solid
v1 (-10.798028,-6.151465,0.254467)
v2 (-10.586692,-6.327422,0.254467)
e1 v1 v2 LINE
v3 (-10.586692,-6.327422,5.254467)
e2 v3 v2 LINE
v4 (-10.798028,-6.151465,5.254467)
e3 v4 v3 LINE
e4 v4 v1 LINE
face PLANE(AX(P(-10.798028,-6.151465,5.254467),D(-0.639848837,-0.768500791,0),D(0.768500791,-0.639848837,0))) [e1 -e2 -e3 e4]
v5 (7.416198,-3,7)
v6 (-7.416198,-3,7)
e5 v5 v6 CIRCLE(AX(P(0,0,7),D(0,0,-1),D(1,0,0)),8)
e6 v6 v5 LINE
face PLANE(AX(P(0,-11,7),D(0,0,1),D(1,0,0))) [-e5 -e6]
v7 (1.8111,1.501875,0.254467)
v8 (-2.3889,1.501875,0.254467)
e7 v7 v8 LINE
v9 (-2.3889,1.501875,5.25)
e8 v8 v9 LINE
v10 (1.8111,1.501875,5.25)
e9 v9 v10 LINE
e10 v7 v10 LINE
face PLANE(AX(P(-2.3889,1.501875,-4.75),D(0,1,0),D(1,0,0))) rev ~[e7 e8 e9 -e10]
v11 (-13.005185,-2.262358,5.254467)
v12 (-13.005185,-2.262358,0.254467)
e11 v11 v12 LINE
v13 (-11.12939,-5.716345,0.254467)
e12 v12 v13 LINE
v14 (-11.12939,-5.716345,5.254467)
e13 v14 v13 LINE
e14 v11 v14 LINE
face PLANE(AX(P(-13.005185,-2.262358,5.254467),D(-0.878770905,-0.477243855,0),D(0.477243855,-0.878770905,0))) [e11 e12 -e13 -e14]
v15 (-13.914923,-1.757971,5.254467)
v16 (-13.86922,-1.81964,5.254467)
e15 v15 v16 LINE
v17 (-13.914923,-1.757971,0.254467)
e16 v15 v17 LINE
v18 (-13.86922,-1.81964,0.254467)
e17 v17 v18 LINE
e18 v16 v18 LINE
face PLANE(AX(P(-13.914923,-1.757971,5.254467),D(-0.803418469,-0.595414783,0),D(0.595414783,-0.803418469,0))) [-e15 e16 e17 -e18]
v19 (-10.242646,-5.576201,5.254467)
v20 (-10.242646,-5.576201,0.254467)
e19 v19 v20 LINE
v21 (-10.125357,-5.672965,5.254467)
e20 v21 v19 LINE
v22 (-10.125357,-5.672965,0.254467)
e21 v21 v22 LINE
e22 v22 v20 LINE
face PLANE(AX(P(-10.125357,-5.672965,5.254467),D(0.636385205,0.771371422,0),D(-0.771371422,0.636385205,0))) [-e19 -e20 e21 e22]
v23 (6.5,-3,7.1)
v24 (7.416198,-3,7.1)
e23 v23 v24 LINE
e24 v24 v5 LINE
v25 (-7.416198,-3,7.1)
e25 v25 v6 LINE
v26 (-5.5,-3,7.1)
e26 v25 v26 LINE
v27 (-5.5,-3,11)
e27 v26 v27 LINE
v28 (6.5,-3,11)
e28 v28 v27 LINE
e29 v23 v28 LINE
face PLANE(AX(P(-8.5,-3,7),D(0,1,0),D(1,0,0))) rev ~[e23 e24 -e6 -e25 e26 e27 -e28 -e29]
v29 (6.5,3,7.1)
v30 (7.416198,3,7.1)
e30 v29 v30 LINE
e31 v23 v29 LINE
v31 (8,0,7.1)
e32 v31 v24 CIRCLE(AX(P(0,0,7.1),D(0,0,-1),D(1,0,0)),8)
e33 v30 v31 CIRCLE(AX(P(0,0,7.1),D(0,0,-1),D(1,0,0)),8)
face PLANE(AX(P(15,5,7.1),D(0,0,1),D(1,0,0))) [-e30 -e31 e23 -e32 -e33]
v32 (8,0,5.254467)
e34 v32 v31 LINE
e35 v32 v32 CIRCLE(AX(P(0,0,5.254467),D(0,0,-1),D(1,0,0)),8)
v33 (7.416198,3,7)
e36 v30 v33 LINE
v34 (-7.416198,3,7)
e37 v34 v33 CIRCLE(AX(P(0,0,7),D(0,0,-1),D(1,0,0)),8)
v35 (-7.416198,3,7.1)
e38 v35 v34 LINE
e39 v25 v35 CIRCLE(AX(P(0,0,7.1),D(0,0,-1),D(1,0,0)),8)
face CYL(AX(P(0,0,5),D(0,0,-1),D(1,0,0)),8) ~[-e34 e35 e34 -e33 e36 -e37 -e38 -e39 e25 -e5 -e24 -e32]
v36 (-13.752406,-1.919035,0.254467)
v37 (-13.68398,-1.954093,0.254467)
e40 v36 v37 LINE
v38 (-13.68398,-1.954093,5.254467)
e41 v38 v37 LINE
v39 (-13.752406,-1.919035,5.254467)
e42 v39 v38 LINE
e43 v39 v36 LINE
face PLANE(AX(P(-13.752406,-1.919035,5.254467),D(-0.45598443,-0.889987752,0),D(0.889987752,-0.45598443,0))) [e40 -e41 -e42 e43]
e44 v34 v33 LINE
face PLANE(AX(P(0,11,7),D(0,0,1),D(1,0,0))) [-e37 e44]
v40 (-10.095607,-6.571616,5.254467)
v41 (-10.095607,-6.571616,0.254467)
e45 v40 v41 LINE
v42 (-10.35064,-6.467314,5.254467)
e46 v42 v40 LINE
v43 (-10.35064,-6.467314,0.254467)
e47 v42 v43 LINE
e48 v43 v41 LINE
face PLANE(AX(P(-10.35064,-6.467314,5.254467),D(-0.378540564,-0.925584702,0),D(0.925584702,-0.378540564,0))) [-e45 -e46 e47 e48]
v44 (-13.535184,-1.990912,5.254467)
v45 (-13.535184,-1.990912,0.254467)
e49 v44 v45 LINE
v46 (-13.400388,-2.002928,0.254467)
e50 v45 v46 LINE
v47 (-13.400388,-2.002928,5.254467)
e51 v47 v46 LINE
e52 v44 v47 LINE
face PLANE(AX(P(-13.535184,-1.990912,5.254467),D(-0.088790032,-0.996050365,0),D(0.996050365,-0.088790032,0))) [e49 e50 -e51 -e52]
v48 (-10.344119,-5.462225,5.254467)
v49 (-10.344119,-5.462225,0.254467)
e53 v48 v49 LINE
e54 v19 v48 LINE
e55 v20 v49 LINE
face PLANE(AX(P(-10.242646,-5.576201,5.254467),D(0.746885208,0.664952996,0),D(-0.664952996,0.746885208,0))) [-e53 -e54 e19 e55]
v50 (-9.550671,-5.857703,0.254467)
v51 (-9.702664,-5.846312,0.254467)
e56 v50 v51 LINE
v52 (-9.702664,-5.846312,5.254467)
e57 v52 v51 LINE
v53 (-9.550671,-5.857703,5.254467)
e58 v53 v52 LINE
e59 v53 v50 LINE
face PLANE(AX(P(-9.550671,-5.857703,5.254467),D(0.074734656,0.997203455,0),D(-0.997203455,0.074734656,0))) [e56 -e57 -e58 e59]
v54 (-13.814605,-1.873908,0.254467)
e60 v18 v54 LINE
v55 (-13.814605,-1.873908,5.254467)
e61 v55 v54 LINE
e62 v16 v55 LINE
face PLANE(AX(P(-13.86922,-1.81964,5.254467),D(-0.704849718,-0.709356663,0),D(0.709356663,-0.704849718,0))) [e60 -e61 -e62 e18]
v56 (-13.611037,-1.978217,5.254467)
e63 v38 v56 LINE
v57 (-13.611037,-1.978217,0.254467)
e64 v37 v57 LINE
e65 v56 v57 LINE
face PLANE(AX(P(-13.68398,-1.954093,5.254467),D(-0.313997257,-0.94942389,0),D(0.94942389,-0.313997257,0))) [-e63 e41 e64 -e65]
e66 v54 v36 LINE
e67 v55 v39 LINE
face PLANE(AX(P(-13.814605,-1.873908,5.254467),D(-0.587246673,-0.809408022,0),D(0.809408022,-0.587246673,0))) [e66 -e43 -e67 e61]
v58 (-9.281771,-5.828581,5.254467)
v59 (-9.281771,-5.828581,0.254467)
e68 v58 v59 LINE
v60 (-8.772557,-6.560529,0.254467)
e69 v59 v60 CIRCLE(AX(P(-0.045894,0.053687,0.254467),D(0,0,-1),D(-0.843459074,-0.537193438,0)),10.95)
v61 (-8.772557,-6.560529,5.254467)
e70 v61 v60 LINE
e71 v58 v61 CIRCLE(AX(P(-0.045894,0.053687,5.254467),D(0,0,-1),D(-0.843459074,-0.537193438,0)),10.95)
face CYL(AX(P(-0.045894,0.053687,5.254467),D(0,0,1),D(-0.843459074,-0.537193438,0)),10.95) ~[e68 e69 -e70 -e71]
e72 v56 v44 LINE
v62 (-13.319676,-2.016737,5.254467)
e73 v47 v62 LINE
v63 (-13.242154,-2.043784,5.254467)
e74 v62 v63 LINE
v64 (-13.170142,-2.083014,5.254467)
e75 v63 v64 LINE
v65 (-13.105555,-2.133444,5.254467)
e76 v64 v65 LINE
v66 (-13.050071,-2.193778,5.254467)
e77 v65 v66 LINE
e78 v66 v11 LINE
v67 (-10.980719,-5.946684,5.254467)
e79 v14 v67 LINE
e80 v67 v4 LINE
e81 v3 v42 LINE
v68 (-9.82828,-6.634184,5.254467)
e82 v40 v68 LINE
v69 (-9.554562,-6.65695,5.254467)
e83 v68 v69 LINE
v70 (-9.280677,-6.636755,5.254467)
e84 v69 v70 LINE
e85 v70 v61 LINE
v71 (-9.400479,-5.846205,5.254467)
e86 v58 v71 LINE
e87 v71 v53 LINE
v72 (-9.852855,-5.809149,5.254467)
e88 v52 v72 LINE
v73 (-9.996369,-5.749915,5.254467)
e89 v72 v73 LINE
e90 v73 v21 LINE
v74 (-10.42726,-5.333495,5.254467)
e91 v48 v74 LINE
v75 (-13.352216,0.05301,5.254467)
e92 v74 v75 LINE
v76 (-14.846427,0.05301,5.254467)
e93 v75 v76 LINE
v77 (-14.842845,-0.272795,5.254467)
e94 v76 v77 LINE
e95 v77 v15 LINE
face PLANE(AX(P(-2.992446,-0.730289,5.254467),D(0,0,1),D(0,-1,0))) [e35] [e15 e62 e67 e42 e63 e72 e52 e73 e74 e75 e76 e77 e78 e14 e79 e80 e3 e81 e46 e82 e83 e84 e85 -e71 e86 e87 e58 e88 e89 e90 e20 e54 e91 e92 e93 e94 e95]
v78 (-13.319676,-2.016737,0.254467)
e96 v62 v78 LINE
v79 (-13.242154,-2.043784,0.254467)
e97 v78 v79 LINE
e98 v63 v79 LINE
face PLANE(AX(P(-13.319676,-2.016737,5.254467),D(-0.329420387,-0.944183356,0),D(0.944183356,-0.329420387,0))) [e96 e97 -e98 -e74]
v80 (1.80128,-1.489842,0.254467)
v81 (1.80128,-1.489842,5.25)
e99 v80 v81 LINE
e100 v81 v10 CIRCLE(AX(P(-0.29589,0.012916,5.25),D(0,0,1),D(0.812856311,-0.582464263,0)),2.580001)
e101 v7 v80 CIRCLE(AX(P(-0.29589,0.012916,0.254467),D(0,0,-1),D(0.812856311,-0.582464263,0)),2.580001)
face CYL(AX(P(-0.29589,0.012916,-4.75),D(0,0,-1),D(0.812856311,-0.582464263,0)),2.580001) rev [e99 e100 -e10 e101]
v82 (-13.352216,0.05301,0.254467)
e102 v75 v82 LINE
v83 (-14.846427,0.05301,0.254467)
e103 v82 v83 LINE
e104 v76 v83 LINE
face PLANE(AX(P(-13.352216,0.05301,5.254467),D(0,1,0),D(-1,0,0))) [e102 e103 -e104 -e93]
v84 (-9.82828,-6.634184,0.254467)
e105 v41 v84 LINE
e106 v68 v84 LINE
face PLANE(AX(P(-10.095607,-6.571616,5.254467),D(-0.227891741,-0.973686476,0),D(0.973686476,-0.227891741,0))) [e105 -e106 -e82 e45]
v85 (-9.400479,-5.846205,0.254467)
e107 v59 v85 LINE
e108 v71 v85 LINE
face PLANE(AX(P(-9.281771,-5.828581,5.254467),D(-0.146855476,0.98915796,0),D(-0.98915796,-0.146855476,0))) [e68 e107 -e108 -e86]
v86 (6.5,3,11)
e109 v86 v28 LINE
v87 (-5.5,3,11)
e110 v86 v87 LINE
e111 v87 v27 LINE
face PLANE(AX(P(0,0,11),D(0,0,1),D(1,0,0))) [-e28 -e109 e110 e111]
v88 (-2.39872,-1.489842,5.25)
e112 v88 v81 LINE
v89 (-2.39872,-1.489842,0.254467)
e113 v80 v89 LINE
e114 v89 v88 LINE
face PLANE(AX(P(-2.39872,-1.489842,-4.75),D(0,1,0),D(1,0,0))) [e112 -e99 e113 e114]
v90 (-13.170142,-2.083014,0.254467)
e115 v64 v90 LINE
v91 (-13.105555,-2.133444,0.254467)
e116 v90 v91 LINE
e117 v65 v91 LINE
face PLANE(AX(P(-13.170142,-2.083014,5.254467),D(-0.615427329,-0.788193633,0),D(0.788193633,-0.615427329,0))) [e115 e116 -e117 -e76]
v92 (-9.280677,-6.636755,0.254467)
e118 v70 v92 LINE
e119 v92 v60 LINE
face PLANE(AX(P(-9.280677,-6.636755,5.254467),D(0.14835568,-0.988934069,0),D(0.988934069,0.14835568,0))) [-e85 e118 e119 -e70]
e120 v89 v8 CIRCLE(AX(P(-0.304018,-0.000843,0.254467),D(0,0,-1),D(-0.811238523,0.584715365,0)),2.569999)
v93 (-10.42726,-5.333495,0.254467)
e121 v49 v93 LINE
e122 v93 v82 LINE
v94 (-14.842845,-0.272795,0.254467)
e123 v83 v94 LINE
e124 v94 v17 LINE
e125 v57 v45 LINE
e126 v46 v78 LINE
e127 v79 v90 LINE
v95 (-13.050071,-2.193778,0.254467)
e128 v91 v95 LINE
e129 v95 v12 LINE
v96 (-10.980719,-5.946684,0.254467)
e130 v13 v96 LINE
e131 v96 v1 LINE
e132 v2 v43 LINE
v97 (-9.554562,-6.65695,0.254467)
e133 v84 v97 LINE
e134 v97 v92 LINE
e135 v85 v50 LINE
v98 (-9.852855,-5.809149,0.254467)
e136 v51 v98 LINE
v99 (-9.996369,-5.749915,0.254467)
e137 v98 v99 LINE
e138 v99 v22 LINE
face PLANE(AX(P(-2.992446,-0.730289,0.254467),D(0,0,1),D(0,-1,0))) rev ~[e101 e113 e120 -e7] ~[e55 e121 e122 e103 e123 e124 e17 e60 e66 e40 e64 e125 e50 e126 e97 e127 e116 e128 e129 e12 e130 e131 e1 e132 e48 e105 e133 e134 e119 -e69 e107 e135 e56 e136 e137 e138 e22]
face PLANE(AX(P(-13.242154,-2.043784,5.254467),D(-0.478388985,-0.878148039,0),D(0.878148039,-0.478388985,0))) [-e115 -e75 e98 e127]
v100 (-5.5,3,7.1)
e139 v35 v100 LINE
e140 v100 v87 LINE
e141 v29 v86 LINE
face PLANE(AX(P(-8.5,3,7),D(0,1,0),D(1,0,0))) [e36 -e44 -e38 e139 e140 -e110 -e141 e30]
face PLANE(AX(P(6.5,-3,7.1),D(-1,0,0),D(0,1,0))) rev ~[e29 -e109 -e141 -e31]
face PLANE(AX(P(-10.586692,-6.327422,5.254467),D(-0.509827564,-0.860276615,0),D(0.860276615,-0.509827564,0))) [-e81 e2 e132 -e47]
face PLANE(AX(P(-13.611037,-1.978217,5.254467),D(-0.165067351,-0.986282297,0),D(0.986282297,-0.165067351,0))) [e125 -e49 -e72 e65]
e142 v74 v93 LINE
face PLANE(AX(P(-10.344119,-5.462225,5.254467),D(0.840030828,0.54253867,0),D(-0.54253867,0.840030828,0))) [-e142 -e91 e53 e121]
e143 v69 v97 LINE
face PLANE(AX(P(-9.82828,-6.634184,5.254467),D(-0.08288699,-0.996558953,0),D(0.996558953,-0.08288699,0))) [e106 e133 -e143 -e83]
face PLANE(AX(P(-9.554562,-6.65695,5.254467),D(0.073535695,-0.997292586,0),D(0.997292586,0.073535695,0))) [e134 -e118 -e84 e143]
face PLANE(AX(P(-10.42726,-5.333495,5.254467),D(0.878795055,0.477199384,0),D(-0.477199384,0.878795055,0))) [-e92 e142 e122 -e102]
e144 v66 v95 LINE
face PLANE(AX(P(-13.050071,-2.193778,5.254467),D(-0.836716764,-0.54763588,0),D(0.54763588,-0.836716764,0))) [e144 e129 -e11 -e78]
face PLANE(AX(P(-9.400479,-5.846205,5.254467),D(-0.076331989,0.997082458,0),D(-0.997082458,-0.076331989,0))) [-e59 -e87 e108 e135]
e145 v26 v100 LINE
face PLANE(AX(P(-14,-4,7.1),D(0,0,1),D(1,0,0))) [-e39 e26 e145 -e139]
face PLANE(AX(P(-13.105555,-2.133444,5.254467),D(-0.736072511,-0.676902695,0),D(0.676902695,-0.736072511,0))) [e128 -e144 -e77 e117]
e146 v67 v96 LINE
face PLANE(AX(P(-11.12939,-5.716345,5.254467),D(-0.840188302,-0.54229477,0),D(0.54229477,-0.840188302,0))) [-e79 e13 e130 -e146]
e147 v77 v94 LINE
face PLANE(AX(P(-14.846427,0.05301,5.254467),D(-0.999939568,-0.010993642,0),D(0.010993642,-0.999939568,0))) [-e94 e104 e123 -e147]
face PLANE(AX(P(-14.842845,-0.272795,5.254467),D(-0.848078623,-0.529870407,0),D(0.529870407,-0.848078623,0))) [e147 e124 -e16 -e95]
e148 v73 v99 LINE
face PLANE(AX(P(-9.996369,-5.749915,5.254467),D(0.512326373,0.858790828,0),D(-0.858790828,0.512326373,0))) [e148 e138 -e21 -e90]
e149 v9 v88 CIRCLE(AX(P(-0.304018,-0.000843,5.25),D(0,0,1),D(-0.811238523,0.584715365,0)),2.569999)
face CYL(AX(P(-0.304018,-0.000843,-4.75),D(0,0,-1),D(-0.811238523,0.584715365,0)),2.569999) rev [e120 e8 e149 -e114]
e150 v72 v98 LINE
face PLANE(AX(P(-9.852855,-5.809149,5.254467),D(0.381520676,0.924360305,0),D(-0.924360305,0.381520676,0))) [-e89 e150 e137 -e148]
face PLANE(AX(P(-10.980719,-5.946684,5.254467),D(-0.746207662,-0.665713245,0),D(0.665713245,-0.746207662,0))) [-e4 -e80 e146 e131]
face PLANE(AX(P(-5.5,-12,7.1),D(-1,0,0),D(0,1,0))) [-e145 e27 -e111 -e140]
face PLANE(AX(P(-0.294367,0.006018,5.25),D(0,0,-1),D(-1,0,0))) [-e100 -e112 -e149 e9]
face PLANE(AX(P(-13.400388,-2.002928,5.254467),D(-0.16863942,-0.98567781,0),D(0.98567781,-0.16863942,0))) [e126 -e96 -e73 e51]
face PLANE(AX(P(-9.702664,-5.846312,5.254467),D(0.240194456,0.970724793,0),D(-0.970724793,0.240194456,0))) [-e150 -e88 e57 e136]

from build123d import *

# Parameters (mm, degrees)
EXTRUDE001_DEPTH        = 10
BOX004_W                = 17
BOX004_H                = 16
BOX004_DEPTH            = 25
BOX005_W                = 17
BOX005_H                = 16
BOX005_DEPTH            = 25
BOX006_W                = 17
BOX006_H                = 16
BOX006_DEPTH            = 25
BOX003_W                = 17
BOX003_H                = 16
BOX003_DEPTH            = 25
CYLINDER006_R           = 8
CYLINDER006_DEPTH       = 6
EXTRUDE_DEPTH           = 5
EXTRUDE_PLACEMENT_ANGLE = 90


with BuildPart() as stepper_axis:
    # Sketch003 (on Face140 of Part__Feature) → Extrude001 (new body)
    with BuildSketch(Plane(origin=(-0.300362, -8.01257, -12.75), x_dir=(1, 0, 0), z_dir=(0, 0, 1))):
        with BuildLine():
            Line((-2.088538, 9.514445), (2.111462, 9.514445))
            ThreePointArc((2.101642, 6.522728), (2.584459, 8.017018), (2.111462, 9.514445))
            Line((-2.098358, 6.522728), (2.101642, 6.522728))
            ThreePointArc((-2.088538, 9.514445), (-2.573641, 8.020163), (-2.098358, 6.522728))
        make_face()
    extrude(amount=EXTRUDE001_DEPTH)


with BuildPart() as stepper_axis_1:
    # Extrude001 placement: moved
    add(stepper_axis.part.moved(Location((0, 0, 3))))


with BuildPart() as cube004:
    # Box004 → Box004 (new body)
    with BuildSketch(Plane(origin=(-8.5, -19, 2), x_dir=(1, 0, 0), z_dir=(0, 0, 1))):
        with Locations((8.5, 8)):
            Rectangle(BOX004_W, BOX004_H)
    extrude(amount=BOX004_DEPTH)


with BuildPart() as cube005:
    # Box005 → Box005 (new body)
    with BuildSketch(Plane(origin=(6.5, -3, 2.1), x_dir=(1, 0, 0), z_dir=(0, 0, 1))):
        with Locations((8.5, 8)):
            Rectangle(BOX005_W, BOX005_H)
    extrude(amount=BOX005_DEPTH)


with BuildPart() as cube006:
    # Box006 → Box006 (new body)
    with BuildSketch(Plane(origin=(-22.5, -12, 2.1), x_dir=(1, 0, 0), z_dir=(0, 0, 1))):
        with Locations((8.5, 8)):
            Rectangle(BOX006_W, BOX006_H)
    extrude(amount=BOX006_DEPTH)


with BuildPart() as fusion001:
    # Box003 → Box003 (new body)
    with BuildSketch(Plane(origin=(-8.5, 3, 2), x_dir=(1, 0, 0), z_dir=(0, 0, 1))):
        with Locations((8.5, 8)):
            Rectangle(BOX003_W, BOX003_H)
    extrude(amount=BOX003_DEPTH)

    # Fusion001: union Cube004, Cube005, Cube006
    add(cube004.part)
    add(cube005.part)
    add(cube006.part)


with BuildPart() as cut004:
    # Cylinder006 → Cylinder006 (new body)
    with BuildSketch(Plane.XY):
        Circle(CYLINDER006_R)
    extrude(amount=CYLINDER006_DEPTH)

    # Cut004: cut Fusion001
    add(fusion001.part, mode=Mode.SUBTRACT)


with BuildPart() as clutch_fit:
    # Sketch → Extrude (new body)
    with BuildSketch(Plane.YZ):
        with BuildLine():
            Line((76.233353, -16.168262), (76.215729, -16.28697))
            Line((76.215729, -16.28697), (76.204231, -16.437162))
            Line((76.204231, -16.437162), (76.215622, -16.589155))
            Line((76.215622, -16.589155), (76.252785, -16.739346))
            Line((76.252785, -16.739346), (76.312019, -16.88286))
            Line((76.312019, -16.88286), (76.388969, -17.011848))
            Line((76.388969, -17.011848), (76.485733, -17.129137))
            Line((76.485733, -17.129137), (76.599709, -17.23061))
            Line((76.599709, -17.23061), (76.728439, -17.313751))
            Line((76.728439, -17.313751), (82.114944, -20.238707))
            Line((82.114944, -20.238707), (82.114944, -21.732918))
            Line((82.114944, -21.732918), (81.789139, -21.729336))
            Line((81.789139, -21.729336), (80.303963, -20.801414))
            Line((80.303963, -20.801414), (80.242294, -20.755711))
            Line((80.242294, -20.755711), (80.188026, -20.701096))
            Line((80.188026, -20.701096), (80.142899, -20.638897))
            Line((80.142899, -20.638897), (80.107841, -20.570471))
            Line((80.107841, -20.570471), (80.083717, -20.497528))
            Line((80.083717, -20.497528), (80.071022, -20.421675))
            Line((80.071022, -20.421675), (80.059006, -20.286879))
            Line((80.059006, -20.286879), (80.045197, -20.206167))
            Line((80.045197, -20.206167), (80.01815, -20.128645))
            Line((80.01815, -20.128645), (79.97892, -20.056633))
            Line((79.97892, -20.056633), (79.92849, -19.992046))
            Line((79.92849, -19.992046), (79.868156, -19.936562))
            Line((79.868156, -19.936562), (79.799576, -19.891676))
            Line((79.799576, -19.891676), (76.345589, -18.015881))
            Line((76.345589, -18.015881), (76.11525, -17.86721))
            Line((76.11525, -17.86721), (75.910469, -17.684519))
            Line((75.910469, -17.684519), (75.734512, -17.473183))
            Line((75.734512, -17.473183), (75.59462, -17.237131))
            Line((75.59462, -17.237131), (75.490318, -16.982098))
            Line((75.490318, -16.982098), (75.42775, -16.714771))
            Line((75.42775, -16.714771), (75.404984, -16.441053))
            Line((75.404984, -16.441053), (75.425179, -16.167168))
            Line((75.425179, -16.167168), (75.501405, -15.659048))
            ThreePointArc((76.233353, -16.168262), (88.369051, 2.056336), (75.501405, -15.659048))
        make_face()
    extrude(amount=EXTRUDE_DEPTH)


with BuildPart() as clutch_fit_1:
    # Extrude placement: moved
    add(clutch_fit.part.moved(Location((6.886491, -82.061934, 0.254467))).rotate(Axis((6.886491, -82.061934, 0.254467), (0, 1, 0)), EXTRUDE_PLACEMENT_ANGLE))

    # Fusion002: union Cut004
    add(cut004.part)

    # Cut007: cut stepper_axis
    add(stepper_axis_1.part, mode=Mode.SUBTRACT)


with BuildPart() as clutch_fit_2:
    # Cut007 placement: moved
    add(clutch_fit_1.part.moved(Location((0, 0, 5))))


solid = clutch_fit_2.part
